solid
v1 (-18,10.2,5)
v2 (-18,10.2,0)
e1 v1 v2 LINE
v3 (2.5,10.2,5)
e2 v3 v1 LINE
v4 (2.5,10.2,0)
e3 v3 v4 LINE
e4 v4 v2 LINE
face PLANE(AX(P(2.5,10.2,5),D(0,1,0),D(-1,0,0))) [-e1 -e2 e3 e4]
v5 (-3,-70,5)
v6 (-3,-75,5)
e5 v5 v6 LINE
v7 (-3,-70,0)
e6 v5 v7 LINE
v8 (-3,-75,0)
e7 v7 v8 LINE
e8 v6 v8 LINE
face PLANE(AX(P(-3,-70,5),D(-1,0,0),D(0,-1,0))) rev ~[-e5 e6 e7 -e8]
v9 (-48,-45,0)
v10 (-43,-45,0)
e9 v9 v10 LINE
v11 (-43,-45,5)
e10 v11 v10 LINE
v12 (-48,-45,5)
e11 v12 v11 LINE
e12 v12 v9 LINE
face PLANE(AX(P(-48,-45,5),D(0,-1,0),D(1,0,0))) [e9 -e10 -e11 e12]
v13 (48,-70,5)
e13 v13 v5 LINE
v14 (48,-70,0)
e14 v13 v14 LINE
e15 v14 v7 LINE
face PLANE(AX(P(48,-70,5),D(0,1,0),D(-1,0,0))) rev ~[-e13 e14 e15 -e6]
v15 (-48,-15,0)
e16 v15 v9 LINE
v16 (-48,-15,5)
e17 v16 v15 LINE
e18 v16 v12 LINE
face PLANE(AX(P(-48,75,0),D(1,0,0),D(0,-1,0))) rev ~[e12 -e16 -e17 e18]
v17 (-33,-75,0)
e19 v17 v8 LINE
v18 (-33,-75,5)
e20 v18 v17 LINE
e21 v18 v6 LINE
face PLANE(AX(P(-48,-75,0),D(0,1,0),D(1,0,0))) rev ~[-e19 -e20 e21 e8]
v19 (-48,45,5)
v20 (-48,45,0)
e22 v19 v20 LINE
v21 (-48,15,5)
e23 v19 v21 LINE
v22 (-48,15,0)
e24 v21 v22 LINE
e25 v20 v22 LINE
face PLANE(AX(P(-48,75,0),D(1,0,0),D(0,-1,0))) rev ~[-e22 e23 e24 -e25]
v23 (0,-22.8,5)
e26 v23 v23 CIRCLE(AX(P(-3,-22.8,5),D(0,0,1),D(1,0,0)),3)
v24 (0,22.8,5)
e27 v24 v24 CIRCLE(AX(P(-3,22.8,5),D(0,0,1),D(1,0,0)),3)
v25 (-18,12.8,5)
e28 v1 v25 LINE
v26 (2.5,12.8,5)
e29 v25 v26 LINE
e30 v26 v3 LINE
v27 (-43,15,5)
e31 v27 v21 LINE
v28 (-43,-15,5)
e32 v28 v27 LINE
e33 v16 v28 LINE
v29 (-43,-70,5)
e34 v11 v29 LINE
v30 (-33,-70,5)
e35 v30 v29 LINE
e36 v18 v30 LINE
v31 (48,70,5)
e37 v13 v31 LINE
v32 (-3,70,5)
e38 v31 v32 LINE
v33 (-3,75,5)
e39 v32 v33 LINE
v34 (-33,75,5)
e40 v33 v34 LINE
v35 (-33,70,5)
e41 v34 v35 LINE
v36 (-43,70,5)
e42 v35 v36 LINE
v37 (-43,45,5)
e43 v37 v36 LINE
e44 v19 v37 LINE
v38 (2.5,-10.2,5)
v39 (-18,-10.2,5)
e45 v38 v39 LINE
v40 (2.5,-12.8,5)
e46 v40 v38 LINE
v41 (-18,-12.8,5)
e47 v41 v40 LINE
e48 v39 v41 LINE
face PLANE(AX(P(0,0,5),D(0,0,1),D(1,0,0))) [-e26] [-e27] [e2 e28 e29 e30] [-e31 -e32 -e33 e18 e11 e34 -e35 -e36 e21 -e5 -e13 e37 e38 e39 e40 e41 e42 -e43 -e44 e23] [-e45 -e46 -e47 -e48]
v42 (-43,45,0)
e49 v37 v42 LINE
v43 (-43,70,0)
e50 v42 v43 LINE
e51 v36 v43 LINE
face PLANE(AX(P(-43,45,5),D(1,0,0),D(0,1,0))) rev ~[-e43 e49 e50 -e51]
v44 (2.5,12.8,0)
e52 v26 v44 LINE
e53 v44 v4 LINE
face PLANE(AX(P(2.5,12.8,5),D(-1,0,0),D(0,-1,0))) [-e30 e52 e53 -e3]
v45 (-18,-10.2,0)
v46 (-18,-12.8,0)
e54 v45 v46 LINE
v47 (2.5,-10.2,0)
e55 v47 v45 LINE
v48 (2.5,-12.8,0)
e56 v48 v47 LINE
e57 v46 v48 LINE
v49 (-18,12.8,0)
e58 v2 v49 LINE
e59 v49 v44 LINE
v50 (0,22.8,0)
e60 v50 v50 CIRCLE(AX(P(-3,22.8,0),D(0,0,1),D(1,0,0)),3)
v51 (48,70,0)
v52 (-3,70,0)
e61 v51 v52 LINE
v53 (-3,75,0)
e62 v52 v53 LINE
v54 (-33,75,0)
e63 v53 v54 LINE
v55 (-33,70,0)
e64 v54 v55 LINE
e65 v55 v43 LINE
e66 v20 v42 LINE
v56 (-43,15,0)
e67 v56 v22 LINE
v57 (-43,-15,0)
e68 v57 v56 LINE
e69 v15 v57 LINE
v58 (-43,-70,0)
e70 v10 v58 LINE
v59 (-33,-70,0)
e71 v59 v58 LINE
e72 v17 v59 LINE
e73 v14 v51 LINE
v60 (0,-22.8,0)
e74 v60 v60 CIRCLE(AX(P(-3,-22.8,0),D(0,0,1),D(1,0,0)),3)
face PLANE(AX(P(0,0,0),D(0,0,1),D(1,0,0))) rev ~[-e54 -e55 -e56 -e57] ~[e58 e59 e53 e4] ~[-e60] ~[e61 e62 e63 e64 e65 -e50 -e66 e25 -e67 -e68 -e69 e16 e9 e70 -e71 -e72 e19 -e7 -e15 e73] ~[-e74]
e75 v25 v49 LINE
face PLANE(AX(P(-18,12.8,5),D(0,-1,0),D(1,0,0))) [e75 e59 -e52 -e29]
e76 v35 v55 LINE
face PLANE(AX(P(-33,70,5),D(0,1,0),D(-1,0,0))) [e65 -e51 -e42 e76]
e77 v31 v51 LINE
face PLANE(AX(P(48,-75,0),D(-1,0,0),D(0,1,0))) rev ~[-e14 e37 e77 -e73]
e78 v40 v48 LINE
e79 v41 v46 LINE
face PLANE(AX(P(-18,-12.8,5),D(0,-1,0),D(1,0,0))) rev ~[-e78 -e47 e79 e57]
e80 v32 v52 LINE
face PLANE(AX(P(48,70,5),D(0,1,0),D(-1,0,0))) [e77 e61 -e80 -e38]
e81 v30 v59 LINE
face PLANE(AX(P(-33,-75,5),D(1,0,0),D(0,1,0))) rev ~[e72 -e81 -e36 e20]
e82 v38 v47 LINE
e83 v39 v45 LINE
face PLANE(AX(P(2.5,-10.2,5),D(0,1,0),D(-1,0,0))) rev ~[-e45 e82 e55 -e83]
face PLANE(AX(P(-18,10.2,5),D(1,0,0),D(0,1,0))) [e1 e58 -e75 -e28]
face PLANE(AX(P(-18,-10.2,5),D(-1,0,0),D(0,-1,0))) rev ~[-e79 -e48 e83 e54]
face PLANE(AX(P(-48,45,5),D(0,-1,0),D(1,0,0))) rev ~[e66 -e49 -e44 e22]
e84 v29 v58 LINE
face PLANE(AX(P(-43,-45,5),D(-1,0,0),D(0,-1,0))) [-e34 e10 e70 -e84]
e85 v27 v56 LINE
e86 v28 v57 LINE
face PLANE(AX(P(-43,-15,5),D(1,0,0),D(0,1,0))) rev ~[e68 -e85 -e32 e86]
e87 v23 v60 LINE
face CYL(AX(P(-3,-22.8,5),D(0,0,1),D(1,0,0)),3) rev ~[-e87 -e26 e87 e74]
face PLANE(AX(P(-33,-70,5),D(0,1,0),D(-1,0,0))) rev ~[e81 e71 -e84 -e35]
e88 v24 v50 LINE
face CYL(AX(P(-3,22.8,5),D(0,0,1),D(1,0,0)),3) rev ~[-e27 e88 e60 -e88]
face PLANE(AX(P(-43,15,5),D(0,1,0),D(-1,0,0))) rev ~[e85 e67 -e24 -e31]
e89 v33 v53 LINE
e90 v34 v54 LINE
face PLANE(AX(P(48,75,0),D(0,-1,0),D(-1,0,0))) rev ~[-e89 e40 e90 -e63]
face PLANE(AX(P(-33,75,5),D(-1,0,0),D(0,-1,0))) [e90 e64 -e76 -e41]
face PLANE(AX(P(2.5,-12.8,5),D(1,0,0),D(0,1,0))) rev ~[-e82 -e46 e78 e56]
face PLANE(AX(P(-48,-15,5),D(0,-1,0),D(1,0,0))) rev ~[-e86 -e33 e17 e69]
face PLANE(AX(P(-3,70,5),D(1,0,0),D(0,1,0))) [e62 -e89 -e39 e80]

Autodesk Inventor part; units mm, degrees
sketch "Sketch1" plane through (0, 0, 0) normal (0, 0, 1) x (1, 0, 0)
  line L0 (0, 2.8582) -> (0, -2.8582) construction
  line L1 (-5.7775, 0) -> (5.7775, 0) construction
  line L2 (-48, -75) -> (48, -75)
  line L3 (48, -75) -> (48, 75)
  line L4 (48, 75) -> (-48, 75)
  line L5 (-48, 75) -> (-48, -75)
  line L6 (-48, -75) -> (48, 75) construction
  line L7 (48, -75) -> (-48, 75) construction
  point P0 (0, 0)
  point P1 (0, 0)
  dimension "d0" = 96
  dimension "d1" = 150
extrude "Extrusion1" add sketch "Sketch1" along normal blind 5
sketch "Sketch2" plane through (0, 0, 5) normal (0, 0, 1) x (1, 0, 0)
  line L0 (-48, 75) -> (-48, -75) projected
  line L1 (-48, 0) -> (-48, -15)
  line L2 (-48, -15) -> (-48, 15)
  line L3 (-48, 15) -> (-48, 45)
  line L4 (-48, 45) -> (-48, 75)
  line L5 (-48, -15) -> (-48, -45)
  line L6 (-48, -45) -> (-48, -75)
  line L7 (-48, -15) -> (-43, -15)
  line L8 (-43, -15) -> (-43, 15)
  line L9 (-43, 15) -> (-48, 15)
  line L10 (-48, 15) -> (-48, -15)
  line L11 (48, 75) -> (-48, 75) projected
  line L12 (-48, 45) -> (-43, 45)
  line L13 (-43, 45) -> (-43, 75)
  line L14 (-43, 75) -> (-48, 75)
  line L15 (-48, 75) -> (-48, 45)
  line L16 (-48, -45) -> (-43, -45)
  line L17 (-43, -45) -> (-43, -75)
  line L18 (-43, -75) -> (-48, -75)
  line L19 (-48, -75) -> (-48, -45)
  line L20 (-48, -75) -> (-33, -75)
  line L21 (-33, -75) -> (-33, -67)
  line L22 (-33, -67) -> (-48, -67)
  line L23 (-48, -67) -> (-48, -75)
  line L24 (-33, -75) -> (-3, -75)
  line L25 (-48, -75) -> (48, -75) projected
  line L26 (-3, -75) -> (27, -75)
  line L27 (-3, -75) -> (48, -75)
  line L28 (48, -75) -> (48, -67)
  line L29 (48, -67) -> (-3, -67)
  line L30 (-3, -67) -> (-3, -75)
  line L31 (-48, 75) -> (-33, 75)
  line L32 (-33, 75) -> (-33, 70)
  line L33 (-33, 70) -> (-48, 70)
  line L34 (-48, 70) -> (-48, 75)
  line L35 (48, -75) -> (48, 75) projected
  line L36 (-3, 75) -> (48, 75)
  line L37 (48, 75) -> (48, 70)
  line L38 (48, 70) -> (-3, 70)
  line L39 (-3, 70) -> (-3, 75)
  line L40 (-48, -75) -> (-33, -75)
  line L41 (-33, -75) -> (-33, -70)
  line L42 (-33, -70) -> (-48, -70)
  line L43 (-48, -70) -> (-48, -75)
  line L44 (-3, -75) -> (48, -75)
  line L45 (48, -75) -> (48, -70)
  line L46 (48, -70) -> (-3, -70)
  line L47 (-3, -70) -> (-3, -75)
  point P0 (0, 0)
  point P1 (-43, 70)
  point P2 (-33, 75)
  point P3 (-43, -67)
  point P4 (-43, -70)
  dimension "d4" = 15
  dimension "d5" = 30
  dimension "d6" = 30
  dimension "d7" = 30
  dimension "d8" = 30
  dimension "d9" = 5
  dimension "d10" = 15
  dimension "d12" = 30
  dimension "d13" = 30
  dimension "d14" = 51
  dimension "d15" = 5
  dimension "d18" = 15
  dimension "d23" = 8
  dimension "d24" = 5
extrude "Extrusion2" cut sketch "Sketch2" against normal blind 8 contours L11 L13 L33 L0 | L33 L13 L12 L0 | L11 L32 L33 L13 | L9 L8 L7 L0 | L11 L35 L38 L39 | L16 L17 L22 L0 | L22 L17 L42 L0 | L28 L25 L30 L46 | L42 L17 L18 L0 | L42 L21 L20 L17
sketch "Sketch4" plane through (0, 0, 5) normal (0, 0, 1) x (1, 0, 0)
  line L0 (-43, 15) -> (-43, -15) projected
  line L1 (-43, 0) -> (-18, 0)
  line L2 (-18, 0) -> (-18, -12.8)
  line L3 (-18, -12.8) -> (2.5, -12.8)
  line L4 (2.5, -12.8) -> (2.5, -10.2)
  line L5 (2.5, -10.2) -> (-18, -10.2)
  line L6 (-18, 0) -> (-18, 12.8)
  line L7 (-18, 12.8) -> (2.5, 12.8)
  line L8 (2.5, 12.8) -> (2.5, 10.2)
  line L9 (2.5, 10.2) -> (-18, 10.2)
  circle A0 centre (-3, -22.8) radius 3
  circle A1 centre (-3, 22.8) radius 3
  point P0 (0, 0)
  dimension "d25" = 25
  dimension "d26" = 12.8
  dimension "d27" = 20.5
  dimension "d28" = 2.6
  dimension "d29" = 12.8
  dimension "d30" = 20.5
  dimension "d31" = 2.6
  dimension "d36" = 6
  dimension "d37" = 6
  dimension "d39" = 15
  dimension "d40" = 10
  dimension "d41" = 15
  dimension "d42" = 10
extrude "Extrusion4" cut sketch "Sketch4" against normal blind 10
properties part number "Plaat voor" material "S235"
